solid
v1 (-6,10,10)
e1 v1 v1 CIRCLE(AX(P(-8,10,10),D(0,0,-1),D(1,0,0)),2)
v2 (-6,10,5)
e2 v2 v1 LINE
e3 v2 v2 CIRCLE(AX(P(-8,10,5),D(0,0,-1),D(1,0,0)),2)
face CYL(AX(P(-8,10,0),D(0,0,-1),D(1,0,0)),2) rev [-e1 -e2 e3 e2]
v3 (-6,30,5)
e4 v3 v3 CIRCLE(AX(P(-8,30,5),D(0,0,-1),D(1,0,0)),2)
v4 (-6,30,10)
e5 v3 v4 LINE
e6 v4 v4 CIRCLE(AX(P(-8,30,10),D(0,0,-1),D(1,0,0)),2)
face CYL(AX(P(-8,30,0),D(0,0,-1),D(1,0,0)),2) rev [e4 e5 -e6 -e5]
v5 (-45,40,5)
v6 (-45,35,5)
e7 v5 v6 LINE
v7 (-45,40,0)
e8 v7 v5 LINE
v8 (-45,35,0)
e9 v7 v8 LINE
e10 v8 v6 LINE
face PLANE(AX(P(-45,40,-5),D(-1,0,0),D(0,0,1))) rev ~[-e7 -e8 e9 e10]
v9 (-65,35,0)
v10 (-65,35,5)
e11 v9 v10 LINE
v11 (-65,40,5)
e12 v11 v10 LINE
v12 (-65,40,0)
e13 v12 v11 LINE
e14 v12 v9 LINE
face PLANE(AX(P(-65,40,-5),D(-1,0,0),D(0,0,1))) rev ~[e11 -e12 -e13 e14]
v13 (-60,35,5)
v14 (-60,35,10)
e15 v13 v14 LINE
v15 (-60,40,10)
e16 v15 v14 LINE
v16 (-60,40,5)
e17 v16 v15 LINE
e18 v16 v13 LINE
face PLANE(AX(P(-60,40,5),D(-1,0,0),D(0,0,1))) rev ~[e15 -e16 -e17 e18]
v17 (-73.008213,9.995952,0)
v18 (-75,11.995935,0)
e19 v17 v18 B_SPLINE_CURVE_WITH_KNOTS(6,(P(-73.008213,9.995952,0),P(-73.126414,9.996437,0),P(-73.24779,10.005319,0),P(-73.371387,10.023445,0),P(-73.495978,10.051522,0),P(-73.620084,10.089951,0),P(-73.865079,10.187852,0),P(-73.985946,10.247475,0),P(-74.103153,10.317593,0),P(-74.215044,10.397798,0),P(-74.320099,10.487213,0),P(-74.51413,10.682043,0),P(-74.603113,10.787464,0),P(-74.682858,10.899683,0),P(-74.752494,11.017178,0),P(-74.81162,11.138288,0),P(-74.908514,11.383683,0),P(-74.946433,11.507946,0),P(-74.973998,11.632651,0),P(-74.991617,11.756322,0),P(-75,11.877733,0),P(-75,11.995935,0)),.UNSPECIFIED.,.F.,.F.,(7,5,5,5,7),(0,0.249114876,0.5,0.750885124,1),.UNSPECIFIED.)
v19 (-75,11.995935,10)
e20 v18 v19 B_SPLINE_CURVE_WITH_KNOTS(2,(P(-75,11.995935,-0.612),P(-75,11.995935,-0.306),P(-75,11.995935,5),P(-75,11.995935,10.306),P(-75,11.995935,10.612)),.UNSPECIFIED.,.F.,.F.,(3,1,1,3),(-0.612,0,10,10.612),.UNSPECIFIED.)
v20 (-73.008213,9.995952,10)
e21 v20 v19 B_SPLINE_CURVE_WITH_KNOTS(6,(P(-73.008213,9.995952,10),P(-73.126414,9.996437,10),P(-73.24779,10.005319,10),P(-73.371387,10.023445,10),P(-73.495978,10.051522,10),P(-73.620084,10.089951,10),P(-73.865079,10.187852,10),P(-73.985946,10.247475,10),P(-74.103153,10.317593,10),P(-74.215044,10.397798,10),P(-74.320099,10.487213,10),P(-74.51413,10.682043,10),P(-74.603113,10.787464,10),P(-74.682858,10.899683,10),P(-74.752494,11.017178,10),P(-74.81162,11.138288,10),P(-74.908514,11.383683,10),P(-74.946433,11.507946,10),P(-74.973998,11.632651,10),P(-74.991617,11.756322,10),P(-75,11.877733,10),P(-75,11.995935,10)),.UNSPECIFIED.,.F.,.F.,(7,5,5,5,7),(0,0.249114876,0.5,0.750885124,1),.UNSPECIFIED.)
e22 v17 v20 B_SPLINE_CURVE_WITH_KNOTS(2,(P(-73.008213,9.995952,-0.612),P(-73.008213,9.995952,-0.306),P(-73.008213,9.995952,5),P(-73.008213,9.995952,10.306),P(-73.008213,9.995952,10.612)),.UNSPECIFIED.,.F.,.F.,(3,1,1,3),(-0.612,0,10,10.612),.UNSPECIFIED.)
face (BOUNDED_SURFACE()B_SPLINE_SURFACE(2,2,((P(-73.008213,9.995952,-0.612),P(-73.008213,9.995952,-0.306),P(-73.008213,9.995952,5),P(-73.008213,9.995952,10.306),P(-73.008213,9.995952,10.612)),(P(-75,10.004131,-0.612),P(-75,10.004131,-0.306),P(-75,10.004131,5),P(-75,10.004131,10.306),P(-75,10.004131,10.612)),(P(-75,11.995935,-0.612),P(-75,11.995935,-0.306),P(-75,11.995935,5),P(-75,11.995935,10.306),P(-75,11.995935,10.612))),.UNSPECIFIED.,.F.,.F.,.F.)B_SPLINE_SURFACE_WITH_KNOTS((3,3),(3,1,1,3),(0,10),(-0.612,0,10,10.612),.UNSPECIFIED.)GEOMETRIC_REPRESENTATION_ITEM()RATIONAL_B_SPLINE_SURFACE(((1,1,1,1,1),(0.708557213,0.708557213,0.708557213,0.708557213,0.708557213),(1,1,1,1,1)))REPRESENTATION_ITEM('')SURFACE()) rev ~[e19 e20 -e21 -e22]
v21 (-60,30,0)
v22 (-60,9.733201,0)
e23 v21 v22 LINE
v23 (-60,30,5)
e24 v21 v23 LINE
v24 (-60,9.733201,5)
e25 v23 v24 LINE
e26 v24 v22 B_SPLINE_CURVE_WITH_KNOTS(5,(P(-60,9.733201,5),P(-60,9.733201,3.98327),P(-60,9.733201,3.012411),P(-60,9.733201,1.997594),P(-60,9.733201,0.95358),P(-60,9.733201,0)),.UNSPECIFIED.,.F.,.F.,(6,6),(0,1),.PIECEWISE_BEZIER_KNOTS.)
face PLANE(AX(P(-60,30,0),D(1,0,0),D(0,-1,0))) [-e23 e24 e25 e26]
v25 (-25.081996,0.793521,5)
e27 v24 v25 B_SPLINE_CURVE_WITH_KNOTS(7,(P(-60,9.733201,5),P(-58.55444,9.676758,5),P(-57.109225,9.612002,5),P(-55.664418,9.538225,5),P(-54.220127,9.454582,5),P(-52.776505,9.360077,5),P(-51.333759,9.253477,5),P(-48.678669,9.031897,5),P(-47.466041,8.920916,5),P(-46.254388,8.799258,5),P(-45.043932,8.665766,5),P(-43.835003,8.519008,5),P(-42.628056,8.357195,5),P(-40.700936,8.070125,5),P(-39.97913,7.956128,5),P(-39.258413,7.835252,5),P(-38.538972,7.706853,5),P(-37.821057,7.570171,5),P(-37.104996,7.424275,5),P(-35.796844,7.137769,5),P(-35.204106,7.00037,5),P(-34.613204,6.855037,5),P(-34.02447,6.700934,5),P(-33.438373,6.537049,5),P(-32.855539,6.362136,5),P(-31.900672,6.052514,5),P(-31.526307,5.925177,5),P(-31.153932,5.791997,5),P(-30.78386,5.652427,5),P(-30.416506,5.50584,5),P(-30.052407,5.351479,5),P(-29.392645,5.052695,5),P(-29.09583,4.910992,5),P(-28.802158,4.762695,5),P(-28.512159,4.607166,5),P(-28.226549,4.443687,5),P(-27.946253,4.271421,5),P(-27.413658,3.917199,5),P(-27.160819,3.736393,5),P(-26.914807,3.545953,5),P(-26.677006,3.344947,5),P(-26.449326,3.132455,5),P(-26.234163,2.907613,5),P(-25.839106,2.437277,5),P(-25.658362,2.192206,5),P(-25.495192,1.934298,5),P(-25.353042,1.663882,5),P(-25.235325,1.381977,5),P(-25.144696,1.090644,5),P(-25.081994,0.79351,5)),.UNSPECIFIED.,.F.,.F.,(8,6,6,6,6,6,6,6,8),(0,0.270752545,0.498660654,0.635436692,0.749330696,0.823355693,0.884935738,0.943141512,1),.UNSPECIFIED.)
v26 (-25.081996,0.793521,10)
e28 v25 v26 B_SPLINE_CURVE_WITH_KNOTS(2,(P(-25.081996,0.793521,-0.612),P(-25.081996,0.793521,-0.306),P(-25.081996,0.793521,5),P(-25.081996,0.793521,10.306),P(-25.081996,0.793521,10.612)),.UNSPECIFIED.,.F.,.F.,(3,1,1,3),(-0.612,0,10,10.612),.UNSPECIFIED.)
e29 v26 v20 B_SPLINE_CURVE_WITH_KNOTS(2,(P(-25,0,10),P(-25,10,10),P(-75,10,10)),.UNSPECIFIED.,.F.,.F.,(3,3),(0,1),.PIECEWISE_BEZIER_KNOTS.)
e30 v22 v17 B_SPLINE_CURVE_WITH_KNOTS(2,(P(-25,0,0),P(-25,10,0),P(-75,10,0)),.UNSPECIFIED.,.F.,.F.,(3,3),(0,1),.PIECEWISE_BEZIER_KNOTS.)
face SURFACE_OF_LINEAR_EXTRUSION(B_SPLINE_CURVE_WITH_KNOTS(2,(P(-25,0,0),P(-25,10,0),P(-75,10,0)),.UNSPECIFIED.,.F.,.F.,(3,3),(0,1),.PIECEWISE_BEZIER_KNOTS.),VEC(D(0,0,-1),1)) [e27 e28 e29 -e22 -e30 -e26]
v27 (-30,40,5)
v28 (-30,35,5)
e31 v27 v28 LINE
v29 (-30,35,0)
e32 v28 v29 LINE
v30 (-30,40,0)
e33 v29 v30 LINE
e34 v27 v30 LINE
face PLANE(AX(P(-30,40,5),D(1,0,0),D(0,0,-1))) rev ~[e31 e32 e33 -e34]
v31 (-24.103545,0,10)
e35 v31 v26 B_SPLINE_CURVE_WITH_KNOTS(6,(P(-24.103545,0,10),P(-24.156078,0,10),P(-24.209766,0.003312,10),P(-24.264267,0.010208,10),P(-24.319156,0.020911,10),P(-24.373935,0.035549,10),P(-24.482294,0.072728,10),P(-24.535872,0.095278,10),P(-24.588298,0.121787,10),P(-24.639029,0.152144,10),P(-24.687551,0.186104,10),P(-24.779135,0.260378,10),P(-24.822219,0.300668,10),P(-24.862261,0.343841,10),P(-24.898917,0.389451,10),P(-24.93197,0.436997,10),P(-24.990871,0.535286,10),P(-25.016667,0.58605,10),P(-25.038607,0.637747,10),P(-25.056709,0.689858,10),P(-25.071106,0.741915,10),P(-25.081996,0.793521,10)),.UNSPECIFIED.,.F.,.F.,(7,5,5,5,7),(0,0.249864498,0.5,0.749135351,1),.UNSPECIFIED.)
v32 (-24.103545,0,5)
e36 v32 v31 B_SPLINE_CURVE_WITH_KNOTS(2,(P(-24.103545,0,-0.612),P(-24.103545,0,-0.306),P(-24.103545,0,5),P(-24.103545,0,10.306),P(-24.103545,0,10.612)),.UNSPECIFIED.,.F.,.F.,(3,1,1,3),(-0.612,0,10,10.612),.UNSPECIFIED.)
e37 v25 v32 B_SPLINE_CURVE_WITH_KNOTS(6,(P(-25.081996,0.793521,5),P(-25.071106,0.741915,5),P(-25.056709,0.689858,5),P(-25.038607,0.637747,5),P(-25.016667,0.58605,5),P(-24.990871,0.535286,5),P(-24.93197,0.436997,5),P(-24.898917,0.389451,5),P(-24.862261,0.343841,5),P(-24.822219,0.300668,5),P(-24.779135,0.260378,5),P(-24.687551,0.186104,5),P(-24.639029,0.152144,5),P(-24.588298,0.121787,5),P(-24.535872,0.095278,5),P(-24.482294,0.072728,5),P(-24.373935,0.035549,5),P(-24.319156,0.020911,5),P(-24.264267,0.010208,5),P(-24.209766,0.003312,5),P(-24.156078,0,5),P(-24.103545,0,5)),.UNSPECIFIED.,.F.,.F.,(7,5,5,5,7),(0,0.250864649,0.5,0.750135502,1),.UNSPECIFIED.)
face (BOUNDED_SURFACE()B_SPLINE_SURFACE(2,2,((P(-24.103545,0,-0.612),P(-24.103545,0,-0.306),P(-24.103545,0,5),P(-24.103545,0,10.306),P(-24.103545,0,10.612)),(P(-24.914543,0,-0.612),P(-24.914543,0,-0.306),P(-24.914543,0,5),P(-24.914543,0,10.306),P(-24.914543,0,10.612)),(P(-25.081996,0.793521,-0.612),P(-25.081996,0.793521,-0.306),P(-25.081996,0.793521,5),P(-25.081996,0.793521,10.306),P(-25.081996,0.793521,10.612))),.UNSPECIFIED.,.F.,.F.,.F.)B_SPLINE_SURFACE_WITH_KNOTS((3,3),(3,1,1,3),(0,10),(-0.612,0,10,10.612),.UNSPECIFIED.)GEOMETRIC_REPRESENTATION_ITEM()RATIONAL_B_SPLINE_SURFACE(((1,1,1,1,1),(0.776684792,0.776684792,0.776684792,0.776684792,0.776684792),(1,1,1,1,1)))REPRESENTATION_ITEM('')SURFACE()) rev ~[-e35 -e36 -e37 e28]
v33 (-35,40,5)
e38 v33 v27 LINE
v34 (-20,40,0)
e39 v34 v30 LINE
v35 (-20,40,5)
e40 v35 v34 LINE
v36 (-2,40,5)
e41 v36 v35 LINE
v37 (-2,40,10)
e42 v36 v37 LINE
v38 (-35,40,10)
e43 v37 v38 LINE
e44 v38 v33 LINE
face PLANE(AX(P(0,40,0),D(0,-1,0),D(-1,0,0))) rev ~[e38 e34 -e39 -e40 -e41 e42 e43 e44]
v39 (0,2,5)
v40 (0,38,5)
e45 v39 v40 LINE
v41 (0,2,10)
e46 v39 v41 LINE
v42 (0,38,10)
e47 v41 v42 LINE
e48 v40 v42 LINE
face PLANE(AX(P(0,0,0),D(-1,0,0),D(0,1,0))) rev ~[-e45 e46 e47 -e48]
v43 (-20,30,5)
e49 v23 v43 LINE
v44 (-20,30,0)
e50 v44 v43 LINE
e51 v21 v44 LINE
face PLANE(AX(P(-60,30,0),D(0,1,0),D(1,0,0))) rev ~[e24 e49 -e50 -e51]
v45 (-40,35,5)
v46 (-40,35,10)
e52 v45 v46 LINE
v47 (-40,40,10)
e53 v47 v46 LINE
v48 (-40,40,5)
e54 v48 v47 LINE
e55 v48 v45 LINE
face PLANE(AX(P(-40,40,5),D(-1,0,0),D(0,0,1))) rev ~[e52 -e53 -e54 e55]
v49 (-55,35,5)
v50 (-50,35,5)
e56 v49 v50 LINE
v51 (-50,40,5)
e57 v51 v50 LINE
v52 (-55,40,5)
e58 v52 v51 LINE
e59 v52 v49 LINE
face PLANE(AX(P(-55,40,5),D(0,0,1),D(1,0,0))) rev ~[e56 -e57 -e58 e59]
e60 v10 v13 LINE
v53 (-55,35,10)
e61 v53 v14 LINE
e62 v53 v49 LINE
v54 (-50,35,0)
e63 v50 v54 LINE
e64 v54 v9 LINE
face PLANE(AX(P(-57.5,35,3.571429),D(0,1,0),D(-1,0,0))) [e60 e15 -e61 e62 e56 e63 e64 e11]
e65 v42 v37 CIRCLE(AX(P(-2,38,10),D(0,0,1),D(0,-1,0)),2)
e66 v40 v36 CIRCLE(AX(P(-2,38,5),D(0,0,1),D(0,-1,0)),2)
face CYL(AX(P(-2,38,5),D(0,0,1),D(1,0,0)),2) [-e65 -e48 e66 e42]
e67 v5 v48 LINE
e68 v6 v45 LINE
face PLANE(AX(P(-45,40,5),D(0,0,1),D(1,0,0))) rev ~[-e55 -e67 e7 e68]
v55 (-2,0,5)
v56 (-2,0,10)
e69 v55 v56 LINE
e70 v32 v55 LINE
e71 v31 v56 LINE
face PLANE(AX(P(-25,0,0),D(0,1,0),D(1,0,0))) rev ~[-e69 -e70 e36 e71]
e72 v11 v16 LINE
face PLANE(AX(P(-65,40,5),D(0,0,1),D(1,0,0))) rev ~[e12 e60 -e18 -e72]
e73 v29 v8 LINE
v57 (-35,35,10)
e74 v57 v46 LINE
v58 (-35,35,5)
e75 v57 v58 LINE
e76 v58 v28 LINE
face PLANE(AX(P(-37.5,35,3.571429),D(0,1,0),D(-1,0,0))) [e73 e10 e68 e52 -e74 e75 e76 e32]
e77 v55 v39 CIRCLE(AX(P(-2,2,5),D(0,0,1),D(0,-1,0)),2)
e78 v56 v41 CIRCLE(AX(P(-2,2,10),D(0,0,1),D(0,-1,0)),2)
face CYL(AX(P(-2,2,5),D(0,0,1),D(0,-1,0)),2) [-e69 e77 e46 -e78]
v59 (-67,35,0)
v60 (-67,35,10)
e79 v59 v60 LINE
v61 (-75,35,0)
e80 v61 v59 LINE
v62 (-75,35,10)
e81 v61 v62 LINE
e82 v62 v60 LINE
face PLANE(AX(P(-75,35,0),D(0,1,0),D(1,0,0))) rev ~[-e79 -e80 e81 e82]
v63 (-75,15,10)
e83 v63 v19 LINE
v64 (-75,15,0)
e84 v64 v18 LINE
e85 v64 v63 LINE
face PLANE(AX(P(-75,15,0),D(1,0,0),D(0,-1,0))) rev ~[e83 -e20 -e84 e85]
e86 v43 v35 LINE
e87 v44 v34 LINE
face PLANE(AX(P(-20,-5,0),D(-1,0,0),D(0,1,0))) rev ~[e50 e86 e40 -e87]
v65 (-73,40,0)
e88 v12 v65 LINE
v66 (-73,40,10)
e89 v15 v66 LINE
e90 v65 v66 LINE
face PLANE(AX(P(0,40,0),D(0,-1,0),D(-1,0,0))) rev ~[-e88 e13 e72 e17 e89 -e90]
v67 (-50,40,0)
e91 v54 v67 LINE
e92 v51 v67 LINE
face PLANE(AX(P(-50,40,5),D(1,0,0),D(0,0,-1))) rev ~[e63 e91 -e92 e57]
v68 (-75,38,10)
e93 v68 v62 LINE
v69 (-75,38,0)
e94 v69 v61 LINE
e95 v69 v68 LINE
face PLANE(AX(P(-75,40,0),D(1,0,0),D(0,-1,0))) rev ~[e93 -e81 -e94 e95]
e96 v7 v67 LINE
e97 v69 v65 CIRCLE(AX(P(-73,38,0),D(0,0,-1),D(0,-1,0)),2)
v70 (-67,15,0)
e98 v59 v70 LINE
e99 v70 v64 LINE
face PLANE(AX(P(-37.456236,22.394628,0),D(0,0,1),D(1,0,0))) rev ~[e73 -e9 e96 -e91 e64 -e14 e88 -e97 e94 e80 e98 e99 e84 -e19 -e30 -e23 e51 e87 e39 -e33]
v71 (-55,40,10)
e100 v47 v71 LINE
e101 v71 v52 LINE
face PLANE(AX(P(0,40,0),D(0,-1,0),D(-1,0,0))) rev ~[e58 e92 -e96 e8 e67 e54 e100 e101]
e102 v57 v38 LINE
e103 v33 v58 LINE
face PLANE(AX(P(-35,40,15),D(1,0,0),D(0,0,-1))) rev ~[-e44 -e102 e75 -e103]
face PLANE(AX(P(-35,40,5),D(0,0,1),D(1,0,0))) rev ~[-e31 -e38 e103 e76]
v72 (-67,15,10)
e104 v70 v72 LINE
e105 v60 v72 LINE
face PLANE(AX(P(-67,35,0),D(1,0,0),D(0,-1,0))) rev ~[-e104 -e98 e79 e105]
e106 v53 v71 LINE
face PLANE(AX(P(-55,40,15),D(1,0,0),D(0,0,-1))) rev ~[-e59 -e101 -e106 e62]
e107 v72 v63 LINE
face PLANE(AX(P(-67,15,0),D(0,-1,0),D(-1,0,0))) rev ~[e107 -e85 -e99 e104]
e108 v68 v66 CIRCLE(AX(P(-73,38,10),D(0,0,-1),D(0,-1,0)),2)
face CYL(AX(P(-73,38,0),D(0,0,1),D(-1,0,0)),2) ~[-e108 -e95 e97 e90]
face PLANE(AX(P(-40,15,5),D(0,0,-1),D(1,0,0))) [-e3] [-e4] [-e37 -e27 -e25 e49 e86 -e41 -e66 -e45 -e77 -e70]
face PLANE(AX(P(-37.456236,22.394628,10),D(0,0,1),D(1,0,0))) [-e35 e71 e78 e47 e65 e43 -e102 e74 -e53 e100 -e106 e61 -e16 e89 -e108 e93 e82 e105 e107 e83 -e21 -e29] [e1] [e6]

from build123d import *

# Parameters (mm, degrees)
PAD_DEPTH       = 10
SKETCH001_W     = 25
SKETCH001_H     = 50
POCKET_DEPTH    = 5
SKETCH002_R     = 2
POCKET001_DEPTH = 12
FILLET_R        = 2
FILLET001_R     = 1
POCKET002_DEPTH = 5
SKETCH004_W     = 40
SKETCH004_H     = 30
POCKET003_DEPTH = 5


with BuildPart() as part:
    # Sketch → Pad (new body)
    with BuildSketch(Plane.XY):
        with BuildLine():
            Line((-25, 0), (0, 0))
            Line((0, 0), (0, 40))
            Line((0, 40), (-75, 40))
            Line((-75, 40), (-75, 35))
            Line((-75, 35), (-67, 35))
            Line((-67, 35), (-67, 15))
            Line((-67, 15), (-75, 15))
            Line((-75, 15), (-75, 10))
            add(Edge.make_bspline(
                [(-25, 0), (-25, 10), (-75, 10)],
                knots=[0, 0, 0, 1, 1, 1], degree=2))
        make_face()
    extrude(amount=PAD_DEPTH)

    # Sketch001 → Pocket (cut)
    with BuildSketch(Plane.XY):
        with Locations((-7.5, 20)):
            Rectangle(SKETCH001_W, SKETCH001_H)
    extrude(amount=POCKET_DEPTH, mode=Mode.SUBTRACT)

    # Sketch002 → Pocket001 (cut)
    with BuildSketch(Plane.XY):
        with Locations((-8, 30)):
            Circle(SKETCH002_R)
        with Locations((-8, 10)):
            Circle(SKETCH002_R)
    extrude(amount=POCKET001_DEPTH, mode=Mode.SUBTRACT)

    # Fillet
    fillet_edges = [part.edges().sort_by_distance(p)[0] for p in [
        (0, 40, 7.5),
        (0, 0, 7.5),
        (-75, 10, 5),
        (-75, 40, 5),
    ]]
    fillet(fillet_edges, radius=FILLET_R)

    # Fillet001
    fillet001_edges = [part.edges().sort_by_distance(p)[0] for p in [
        (-25, 0, 5),
    ]]
    fillet(fillet001_edges, radius=FILLET001_R)

    # Sketch003 (on Face13 of Fillet001) → Pocket002 (cut)
    with BuildSketch(Plane(origin=(0, 40, 0), x_dir=(-1, 0, 0), z_dir=(0, 1, 0))):
        Polygon((65, -5), (65, 5), (60, 5), (60, 15), (55, 15), (55, 5), (50, 5), (50, -5), align=None)
        Polygon((45, -5), (45, 5), (40, 5), (40, 15), (35, 15), (35, 5), (30, 5), (30, -5), align=None)
    extrude(amount=-POCKET002_DEPTH, mode=Mode.SUBTRACT)

    # Sketch004 (on Face5 of Pocket002) → Pocket003 (cut)
    with BuildSketch(Plane(origin=(0, 0, 0), x_dir=(1, 0, 0), z_dir=(0, 0, -1))):
        with Locations((-40, -15)):
            Rectangle(SKETCH004_W, SKETCH004_H)
    extrude(amount=-POCKET003_DEPTH, mode=Mode.SUBTRACT)


solid = part.part
